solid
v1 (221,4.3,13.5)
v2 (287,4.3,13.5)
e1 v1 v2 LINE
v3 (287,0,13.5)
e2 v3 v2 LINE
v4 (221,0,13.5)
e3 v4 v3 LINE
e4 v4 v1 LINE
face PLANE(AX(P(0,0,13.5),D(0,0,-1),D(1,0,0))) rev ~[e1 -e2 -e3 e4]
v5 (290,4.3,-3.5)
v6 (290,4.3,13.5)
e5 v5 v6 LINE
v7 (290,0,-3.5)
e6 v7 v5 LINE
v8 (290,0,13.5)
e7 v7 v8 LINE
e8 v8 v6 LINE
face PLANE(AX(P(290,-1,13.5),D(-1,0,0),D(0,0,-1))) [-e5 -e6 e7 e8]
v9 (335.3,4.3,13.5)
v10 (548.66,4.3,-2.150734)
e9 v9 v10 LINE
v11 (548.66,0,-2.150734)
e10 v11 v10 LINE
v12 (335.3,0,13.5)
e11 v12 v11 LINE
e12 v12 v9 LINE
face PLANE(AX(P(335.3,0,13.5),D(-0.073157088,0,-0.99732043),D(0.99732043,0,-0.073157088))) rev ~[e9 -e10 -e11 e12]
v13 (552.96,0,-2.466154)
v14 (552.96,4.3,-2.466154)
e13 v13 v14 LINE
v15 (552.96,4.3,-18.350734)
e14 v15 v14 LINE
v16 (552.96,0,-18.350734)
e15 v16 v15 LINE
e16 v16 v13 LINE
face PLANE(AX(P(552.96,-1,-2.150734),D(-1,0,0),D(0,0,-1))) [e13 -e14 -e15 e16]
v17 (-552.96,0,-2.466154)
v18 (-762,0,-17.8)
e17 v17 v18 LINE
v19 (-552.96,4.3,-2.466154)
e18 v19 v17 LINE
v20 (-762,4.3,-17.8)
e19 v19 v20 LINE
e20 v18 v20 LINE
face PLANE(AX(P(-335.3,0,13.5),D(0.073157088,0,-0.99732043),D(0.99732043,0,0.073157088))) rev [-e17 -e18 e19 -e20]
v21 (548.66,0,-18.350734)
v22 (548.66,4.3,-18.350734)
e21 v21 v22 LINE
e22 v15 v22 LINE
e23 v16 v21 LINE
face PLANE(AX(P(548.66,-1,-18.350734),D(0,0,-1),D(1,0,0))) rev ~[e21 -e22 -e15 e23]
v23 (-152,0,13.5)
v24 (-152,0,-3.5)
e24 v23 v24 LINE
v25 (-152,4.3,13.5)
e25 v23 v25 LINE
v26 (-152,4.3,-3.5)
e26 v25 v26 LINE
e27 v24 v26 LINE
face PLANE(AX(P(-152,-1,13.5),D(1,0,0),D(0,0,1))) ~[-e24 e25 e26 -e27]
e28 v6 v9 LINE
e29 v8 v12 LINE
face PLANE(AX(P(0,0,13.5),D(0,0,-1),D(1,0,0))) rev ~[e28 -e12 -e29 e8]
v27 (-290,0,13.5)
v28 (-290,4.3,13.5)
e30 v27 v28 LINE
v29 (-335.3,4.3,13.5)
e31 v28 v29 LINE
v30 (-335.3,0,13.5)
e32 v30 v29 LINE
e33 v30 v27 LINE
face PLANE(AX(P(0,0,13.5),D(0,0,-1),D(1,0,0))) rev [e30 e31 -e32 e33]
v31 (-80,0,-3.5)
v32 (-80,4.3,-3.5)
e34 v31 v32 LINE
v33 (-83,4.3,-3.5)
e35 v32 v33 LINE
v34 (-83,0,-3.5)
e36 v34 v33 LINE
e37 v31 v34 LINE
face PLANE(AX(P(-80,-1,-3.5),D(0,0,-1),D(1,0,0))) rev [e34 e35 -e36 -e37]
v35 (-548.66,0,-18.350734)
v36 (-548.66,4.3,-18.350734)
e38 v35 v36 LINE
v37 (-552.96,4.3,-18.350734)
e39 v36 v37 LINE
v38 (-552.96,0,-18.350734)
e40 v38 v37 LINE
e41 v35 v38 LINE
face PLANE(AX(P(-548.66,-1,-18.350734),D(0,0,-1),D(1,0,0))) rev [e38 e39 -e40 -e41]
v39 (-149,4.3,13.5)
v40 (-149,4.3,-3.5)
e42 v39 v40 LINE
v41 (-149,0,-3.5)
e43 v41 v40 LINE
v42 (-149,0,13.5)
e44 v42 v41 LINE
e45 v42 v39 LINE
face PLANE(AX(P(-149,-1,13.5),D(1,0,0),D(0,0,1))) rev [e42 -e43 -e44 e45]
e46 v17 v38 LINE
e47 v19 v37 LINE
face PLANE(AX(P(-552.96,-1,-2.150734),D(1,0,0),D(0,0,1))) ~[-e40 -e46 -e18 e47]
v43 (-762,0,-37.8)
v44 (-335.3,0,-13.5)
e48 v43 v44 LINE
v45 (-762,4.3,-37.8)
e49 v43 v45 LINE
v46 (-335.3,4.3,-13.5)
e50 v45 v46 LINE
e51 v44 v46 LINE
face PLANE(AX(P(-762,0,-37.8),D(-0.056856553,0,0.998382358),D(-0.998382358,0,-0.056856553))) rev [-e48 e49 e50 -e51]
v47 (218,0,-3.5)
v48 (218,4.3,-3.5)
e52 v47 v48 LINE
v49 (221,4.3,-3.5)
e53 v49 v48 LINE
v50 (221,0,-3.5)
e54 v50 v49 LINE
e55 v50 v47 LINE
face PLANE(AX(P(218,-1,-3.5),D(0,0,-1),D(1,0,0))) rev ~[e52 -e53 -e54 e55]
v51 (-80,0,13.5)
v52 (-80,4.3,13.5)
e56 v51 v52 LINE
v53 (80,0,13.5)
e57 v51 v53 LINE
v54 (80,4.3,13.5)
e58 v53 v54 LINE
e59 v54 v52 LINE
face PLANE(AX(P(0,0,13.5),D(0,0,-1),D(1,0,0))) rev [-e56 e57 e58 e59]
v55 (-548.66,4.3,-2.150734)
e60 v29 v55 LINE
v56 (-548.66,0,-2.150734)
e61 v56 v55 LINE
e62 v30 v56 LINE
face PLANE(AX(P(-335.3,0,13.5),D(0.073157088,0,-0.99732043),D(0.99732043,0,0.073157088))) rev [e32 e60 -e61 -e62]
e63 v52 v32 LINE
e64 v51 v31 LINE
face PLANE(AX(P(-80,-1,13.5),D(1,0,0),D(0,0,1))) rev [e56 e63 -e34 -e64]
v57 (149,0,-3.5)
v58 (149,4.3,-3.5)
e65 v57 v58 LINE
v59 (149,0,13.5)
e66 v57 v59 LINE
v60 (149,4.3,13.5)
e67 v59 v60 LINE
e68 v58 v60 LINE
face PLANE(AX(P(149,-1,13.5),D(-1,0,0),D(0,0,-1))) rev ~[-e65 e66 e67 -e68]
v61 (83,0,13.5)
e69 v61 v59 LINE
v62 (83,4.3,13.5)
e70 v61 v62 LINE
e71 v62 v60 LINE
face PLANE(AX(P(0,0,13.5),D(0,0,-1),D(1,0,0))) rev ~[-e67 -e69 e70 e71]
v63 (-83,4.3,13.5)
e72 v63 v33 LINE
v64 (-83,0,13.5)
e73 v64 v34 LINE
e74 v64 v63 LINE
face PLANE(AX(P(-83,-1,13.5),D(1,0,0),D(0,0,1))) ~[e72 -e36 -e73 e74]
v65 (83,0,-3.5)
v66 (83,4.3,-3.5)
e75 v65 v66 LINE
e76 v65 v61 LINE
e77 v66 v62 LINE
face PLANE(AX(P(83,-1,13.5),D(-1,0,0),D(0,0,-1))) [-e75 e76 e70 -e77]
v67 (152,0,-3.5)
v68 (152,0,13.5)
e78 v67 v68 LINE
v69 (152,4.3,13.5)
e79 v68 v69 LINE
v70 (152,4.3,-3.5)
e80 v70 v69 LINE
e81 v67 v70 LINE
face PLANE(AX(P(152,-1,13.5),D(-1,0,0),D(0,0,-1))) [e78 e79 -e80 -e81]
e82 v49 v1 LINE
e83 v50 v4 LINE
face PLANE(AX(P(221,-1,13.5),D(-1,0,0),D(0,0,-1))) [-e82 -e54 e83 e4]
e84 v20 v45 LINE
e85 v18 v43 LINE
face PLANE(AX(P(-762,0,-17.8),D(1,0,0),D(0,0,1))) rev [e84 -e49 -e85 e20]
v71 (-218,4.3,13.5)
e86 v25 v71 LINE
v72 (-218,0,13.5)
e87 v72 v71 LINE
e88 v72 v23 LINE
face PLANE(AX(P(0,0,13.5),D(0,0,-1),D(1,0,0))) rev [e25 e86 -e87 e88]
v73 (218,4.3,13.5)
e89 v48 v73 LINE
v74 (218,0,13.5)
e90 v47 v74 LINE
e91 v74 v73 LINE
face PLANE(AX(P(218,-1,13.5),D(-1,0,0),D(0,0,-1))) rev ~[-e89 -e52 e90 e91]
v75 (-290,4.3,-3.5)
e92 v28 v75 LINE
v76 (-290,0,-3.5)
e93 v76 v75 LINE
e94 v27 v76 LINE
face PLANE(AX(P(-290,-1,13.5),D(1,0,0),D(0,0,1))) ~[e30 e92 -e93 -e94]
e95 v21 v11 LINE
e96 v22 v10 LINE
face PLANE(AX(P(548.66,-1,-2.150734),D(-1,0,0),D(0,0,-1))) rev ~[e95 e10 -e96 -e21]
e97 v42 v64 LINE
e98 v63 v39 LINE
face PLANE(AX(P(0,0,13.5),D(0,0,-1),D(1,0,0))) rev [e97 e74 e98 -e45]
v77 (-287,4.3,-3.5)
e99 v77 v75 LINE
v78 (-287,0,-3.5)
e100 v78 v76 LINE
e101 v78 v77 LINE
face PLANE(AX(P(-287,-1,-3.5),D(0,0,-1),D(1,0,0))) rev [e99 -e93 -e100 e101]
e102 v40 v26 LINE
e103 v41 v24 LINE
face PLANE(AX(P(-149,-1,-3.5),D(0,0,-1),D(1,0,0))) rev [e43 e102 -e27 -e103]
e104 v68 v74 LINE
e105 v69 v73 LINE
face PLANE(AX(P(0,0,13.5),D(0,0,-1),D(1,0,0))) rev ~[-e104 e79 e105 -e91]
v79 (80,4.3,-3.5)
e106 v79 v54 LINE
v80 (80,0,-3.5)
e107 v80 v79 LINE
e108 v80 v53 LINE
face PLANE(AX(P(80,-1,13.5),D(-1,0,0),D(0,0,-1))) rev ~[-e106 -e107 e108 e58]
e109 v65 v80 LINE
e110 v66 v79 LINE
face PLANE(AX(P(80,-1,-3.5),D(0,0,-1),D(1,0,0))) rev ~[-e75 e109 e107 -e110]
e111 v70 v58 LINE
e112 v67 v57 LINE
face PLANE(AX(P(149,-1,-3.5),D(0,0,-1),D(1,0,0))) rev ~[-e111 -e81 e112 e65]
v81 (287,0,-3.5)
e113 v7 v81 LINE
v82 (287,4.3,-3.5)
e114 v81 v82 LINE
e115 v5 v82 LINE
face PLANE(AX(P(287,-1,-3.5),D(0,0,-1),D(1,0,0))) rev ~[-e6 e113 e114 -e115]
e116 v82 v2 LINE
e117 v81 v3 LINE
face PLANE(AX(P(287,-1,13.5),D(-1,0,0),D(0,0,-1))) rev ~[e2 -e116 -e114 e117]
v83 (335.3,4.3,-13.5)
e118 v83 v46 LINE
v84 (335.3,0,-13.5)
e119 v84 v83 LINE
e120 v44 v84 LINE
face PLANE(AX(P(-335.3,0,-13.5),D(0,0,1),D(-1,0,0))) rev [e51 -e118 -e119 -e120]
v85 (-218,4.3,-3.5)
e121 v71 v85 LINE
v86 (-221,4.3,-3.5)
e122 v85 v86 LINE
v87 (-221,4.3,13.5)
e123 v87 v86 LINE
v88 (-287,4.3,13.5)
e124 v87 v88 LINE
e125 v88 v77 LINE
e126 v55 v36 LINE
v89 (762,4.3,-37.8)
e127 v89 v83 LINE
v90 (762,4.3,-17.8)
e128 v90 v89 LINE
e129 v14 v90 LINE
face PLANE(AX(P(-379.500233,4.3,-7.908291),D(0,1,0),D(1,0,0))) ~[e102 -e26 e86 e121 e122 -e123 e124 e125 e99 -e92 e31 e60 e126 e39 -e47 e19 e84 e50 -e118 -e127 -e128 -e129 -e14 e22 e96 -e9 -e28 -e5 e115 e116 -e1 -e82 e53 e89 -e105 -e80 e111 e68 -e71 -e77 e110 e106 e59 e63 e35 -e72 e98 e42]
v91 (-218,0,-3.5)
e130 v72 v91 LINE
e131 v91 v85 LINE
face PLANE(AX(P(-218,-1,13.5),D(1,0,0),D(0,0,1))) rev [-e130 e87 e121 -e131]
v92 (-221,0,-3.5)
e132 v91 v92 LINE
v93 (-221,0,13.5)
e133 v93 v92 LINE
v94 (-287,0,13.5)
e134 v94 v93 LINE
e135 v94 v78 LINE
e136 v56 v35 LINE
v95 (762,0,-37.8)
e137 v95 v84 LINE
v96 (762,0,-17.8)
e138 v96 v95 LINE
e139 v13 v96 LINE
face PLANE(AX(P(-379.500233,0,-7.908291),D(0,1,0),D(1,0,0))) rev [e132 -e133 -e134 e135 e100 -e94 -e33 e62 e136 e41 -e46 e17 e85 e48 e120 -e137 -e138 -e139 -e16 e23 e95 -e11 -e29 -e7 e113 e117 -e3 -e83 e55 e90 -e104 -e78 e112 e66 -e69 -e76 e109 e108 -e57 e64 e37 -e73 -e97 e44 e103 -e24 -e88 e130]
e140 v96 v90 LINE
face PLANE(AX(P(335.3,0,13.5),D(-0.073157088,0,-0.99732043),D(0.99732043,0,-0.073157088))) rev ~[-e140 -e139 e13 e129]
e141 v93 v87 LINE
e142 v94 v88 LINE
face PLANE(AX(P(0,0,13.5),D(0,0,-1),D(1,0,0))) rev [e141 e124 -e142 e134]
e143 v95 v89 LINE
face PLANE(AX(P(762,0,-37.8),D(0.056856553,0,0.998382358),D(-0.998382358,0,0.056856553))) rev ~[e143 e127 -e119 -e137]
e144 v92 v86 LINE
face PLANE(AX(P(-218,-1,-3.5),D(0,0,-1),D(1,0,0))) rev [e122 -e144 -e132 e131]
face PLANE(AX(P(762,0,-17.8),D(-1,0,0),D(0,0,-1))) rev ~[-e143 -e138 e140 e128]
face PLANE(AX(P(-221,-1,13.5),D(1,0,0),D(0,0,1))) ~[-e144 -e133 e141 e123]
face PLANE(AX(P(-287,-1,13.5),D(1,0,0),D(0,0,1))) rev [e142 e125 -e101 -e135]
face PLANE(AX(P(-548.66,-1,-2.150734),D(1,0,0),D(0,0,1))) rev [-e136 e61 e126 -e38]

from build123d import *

# Parameters (mm, degrees)
BOSS_EXTRUDE1_DEPTH = 4.3
CUT_EXTRUDE1_START  = -5.3
SKETCH2_W           = 3
SKETCH2_H           = 17
SKETCH2_W_2         = 4.3
SKETCH2_H_2         = 16.2
CUT_EXTRUDE1_DEPTH  = 6.3


with BuildPart() as part:
    # Sketch1 → Boss-Extrude1 (new body)
    with BuildSketch(Plane(origin=(0, 0, 0), x_dir=(1, 0, 0), z_dir=(0, 1, 0))):
        Polygon((335.3, -13.5), (762, 17.8), (762, 37.8), (335.3, 13.5), (0, 13.5), (0, -13.5), align=None)
    boss_extrude1 = extrude(amount=BOSS_EXTRUDE1_DEPTH)

    # Sketch2 → Cut-Extrude1 (cut)
    with BuildSketch(Plane(origin=(0, 4.3, 0), x_dir=(1, 0, 0), z_dir=(0, 1, 0)).offset(CUT_EXTRUDE1_START)):
        with Locations((81.5, -5)):
            Rectangle(SKETCH2_W, SKETCH2_H)
        with Locations((150.5, -5)):
            Rectangle(SKETCH2_W, SKETCH2_H)
        with Locations((219.5, -5)):
            Rectangle(SKETCH2_W, SKETCH2_H)
        with Locations((288.5, -5)):
            Rectangle(SKETCH2_W, SKETCH2_H)
        with Locations((550.81, 10.250733536)):
            Rectangle(SKETCH2_W_2, SKETCH2_H_2)
    cut_extrude1 = extrude(amount=CUT_EXTRUDE1_DEPTH, mode=Mode.SUBTRACT)

    # Mirror1: Boss-Extrude1, Cut-Extrude1 across plane
    add(boss_extrude1.mirror(Plane(origin=(0, 0, 0), x_dir=(0, 0, 1), z_dir=(1, 0, 0))))
    add(cut_extrude1.mirror(Plane(origin=(0, 0, 0), x_dir=(0, 0, 1), z_dir=(1, 0, 0))), mode=Mode.SUBTRACT)


solid = part.part
